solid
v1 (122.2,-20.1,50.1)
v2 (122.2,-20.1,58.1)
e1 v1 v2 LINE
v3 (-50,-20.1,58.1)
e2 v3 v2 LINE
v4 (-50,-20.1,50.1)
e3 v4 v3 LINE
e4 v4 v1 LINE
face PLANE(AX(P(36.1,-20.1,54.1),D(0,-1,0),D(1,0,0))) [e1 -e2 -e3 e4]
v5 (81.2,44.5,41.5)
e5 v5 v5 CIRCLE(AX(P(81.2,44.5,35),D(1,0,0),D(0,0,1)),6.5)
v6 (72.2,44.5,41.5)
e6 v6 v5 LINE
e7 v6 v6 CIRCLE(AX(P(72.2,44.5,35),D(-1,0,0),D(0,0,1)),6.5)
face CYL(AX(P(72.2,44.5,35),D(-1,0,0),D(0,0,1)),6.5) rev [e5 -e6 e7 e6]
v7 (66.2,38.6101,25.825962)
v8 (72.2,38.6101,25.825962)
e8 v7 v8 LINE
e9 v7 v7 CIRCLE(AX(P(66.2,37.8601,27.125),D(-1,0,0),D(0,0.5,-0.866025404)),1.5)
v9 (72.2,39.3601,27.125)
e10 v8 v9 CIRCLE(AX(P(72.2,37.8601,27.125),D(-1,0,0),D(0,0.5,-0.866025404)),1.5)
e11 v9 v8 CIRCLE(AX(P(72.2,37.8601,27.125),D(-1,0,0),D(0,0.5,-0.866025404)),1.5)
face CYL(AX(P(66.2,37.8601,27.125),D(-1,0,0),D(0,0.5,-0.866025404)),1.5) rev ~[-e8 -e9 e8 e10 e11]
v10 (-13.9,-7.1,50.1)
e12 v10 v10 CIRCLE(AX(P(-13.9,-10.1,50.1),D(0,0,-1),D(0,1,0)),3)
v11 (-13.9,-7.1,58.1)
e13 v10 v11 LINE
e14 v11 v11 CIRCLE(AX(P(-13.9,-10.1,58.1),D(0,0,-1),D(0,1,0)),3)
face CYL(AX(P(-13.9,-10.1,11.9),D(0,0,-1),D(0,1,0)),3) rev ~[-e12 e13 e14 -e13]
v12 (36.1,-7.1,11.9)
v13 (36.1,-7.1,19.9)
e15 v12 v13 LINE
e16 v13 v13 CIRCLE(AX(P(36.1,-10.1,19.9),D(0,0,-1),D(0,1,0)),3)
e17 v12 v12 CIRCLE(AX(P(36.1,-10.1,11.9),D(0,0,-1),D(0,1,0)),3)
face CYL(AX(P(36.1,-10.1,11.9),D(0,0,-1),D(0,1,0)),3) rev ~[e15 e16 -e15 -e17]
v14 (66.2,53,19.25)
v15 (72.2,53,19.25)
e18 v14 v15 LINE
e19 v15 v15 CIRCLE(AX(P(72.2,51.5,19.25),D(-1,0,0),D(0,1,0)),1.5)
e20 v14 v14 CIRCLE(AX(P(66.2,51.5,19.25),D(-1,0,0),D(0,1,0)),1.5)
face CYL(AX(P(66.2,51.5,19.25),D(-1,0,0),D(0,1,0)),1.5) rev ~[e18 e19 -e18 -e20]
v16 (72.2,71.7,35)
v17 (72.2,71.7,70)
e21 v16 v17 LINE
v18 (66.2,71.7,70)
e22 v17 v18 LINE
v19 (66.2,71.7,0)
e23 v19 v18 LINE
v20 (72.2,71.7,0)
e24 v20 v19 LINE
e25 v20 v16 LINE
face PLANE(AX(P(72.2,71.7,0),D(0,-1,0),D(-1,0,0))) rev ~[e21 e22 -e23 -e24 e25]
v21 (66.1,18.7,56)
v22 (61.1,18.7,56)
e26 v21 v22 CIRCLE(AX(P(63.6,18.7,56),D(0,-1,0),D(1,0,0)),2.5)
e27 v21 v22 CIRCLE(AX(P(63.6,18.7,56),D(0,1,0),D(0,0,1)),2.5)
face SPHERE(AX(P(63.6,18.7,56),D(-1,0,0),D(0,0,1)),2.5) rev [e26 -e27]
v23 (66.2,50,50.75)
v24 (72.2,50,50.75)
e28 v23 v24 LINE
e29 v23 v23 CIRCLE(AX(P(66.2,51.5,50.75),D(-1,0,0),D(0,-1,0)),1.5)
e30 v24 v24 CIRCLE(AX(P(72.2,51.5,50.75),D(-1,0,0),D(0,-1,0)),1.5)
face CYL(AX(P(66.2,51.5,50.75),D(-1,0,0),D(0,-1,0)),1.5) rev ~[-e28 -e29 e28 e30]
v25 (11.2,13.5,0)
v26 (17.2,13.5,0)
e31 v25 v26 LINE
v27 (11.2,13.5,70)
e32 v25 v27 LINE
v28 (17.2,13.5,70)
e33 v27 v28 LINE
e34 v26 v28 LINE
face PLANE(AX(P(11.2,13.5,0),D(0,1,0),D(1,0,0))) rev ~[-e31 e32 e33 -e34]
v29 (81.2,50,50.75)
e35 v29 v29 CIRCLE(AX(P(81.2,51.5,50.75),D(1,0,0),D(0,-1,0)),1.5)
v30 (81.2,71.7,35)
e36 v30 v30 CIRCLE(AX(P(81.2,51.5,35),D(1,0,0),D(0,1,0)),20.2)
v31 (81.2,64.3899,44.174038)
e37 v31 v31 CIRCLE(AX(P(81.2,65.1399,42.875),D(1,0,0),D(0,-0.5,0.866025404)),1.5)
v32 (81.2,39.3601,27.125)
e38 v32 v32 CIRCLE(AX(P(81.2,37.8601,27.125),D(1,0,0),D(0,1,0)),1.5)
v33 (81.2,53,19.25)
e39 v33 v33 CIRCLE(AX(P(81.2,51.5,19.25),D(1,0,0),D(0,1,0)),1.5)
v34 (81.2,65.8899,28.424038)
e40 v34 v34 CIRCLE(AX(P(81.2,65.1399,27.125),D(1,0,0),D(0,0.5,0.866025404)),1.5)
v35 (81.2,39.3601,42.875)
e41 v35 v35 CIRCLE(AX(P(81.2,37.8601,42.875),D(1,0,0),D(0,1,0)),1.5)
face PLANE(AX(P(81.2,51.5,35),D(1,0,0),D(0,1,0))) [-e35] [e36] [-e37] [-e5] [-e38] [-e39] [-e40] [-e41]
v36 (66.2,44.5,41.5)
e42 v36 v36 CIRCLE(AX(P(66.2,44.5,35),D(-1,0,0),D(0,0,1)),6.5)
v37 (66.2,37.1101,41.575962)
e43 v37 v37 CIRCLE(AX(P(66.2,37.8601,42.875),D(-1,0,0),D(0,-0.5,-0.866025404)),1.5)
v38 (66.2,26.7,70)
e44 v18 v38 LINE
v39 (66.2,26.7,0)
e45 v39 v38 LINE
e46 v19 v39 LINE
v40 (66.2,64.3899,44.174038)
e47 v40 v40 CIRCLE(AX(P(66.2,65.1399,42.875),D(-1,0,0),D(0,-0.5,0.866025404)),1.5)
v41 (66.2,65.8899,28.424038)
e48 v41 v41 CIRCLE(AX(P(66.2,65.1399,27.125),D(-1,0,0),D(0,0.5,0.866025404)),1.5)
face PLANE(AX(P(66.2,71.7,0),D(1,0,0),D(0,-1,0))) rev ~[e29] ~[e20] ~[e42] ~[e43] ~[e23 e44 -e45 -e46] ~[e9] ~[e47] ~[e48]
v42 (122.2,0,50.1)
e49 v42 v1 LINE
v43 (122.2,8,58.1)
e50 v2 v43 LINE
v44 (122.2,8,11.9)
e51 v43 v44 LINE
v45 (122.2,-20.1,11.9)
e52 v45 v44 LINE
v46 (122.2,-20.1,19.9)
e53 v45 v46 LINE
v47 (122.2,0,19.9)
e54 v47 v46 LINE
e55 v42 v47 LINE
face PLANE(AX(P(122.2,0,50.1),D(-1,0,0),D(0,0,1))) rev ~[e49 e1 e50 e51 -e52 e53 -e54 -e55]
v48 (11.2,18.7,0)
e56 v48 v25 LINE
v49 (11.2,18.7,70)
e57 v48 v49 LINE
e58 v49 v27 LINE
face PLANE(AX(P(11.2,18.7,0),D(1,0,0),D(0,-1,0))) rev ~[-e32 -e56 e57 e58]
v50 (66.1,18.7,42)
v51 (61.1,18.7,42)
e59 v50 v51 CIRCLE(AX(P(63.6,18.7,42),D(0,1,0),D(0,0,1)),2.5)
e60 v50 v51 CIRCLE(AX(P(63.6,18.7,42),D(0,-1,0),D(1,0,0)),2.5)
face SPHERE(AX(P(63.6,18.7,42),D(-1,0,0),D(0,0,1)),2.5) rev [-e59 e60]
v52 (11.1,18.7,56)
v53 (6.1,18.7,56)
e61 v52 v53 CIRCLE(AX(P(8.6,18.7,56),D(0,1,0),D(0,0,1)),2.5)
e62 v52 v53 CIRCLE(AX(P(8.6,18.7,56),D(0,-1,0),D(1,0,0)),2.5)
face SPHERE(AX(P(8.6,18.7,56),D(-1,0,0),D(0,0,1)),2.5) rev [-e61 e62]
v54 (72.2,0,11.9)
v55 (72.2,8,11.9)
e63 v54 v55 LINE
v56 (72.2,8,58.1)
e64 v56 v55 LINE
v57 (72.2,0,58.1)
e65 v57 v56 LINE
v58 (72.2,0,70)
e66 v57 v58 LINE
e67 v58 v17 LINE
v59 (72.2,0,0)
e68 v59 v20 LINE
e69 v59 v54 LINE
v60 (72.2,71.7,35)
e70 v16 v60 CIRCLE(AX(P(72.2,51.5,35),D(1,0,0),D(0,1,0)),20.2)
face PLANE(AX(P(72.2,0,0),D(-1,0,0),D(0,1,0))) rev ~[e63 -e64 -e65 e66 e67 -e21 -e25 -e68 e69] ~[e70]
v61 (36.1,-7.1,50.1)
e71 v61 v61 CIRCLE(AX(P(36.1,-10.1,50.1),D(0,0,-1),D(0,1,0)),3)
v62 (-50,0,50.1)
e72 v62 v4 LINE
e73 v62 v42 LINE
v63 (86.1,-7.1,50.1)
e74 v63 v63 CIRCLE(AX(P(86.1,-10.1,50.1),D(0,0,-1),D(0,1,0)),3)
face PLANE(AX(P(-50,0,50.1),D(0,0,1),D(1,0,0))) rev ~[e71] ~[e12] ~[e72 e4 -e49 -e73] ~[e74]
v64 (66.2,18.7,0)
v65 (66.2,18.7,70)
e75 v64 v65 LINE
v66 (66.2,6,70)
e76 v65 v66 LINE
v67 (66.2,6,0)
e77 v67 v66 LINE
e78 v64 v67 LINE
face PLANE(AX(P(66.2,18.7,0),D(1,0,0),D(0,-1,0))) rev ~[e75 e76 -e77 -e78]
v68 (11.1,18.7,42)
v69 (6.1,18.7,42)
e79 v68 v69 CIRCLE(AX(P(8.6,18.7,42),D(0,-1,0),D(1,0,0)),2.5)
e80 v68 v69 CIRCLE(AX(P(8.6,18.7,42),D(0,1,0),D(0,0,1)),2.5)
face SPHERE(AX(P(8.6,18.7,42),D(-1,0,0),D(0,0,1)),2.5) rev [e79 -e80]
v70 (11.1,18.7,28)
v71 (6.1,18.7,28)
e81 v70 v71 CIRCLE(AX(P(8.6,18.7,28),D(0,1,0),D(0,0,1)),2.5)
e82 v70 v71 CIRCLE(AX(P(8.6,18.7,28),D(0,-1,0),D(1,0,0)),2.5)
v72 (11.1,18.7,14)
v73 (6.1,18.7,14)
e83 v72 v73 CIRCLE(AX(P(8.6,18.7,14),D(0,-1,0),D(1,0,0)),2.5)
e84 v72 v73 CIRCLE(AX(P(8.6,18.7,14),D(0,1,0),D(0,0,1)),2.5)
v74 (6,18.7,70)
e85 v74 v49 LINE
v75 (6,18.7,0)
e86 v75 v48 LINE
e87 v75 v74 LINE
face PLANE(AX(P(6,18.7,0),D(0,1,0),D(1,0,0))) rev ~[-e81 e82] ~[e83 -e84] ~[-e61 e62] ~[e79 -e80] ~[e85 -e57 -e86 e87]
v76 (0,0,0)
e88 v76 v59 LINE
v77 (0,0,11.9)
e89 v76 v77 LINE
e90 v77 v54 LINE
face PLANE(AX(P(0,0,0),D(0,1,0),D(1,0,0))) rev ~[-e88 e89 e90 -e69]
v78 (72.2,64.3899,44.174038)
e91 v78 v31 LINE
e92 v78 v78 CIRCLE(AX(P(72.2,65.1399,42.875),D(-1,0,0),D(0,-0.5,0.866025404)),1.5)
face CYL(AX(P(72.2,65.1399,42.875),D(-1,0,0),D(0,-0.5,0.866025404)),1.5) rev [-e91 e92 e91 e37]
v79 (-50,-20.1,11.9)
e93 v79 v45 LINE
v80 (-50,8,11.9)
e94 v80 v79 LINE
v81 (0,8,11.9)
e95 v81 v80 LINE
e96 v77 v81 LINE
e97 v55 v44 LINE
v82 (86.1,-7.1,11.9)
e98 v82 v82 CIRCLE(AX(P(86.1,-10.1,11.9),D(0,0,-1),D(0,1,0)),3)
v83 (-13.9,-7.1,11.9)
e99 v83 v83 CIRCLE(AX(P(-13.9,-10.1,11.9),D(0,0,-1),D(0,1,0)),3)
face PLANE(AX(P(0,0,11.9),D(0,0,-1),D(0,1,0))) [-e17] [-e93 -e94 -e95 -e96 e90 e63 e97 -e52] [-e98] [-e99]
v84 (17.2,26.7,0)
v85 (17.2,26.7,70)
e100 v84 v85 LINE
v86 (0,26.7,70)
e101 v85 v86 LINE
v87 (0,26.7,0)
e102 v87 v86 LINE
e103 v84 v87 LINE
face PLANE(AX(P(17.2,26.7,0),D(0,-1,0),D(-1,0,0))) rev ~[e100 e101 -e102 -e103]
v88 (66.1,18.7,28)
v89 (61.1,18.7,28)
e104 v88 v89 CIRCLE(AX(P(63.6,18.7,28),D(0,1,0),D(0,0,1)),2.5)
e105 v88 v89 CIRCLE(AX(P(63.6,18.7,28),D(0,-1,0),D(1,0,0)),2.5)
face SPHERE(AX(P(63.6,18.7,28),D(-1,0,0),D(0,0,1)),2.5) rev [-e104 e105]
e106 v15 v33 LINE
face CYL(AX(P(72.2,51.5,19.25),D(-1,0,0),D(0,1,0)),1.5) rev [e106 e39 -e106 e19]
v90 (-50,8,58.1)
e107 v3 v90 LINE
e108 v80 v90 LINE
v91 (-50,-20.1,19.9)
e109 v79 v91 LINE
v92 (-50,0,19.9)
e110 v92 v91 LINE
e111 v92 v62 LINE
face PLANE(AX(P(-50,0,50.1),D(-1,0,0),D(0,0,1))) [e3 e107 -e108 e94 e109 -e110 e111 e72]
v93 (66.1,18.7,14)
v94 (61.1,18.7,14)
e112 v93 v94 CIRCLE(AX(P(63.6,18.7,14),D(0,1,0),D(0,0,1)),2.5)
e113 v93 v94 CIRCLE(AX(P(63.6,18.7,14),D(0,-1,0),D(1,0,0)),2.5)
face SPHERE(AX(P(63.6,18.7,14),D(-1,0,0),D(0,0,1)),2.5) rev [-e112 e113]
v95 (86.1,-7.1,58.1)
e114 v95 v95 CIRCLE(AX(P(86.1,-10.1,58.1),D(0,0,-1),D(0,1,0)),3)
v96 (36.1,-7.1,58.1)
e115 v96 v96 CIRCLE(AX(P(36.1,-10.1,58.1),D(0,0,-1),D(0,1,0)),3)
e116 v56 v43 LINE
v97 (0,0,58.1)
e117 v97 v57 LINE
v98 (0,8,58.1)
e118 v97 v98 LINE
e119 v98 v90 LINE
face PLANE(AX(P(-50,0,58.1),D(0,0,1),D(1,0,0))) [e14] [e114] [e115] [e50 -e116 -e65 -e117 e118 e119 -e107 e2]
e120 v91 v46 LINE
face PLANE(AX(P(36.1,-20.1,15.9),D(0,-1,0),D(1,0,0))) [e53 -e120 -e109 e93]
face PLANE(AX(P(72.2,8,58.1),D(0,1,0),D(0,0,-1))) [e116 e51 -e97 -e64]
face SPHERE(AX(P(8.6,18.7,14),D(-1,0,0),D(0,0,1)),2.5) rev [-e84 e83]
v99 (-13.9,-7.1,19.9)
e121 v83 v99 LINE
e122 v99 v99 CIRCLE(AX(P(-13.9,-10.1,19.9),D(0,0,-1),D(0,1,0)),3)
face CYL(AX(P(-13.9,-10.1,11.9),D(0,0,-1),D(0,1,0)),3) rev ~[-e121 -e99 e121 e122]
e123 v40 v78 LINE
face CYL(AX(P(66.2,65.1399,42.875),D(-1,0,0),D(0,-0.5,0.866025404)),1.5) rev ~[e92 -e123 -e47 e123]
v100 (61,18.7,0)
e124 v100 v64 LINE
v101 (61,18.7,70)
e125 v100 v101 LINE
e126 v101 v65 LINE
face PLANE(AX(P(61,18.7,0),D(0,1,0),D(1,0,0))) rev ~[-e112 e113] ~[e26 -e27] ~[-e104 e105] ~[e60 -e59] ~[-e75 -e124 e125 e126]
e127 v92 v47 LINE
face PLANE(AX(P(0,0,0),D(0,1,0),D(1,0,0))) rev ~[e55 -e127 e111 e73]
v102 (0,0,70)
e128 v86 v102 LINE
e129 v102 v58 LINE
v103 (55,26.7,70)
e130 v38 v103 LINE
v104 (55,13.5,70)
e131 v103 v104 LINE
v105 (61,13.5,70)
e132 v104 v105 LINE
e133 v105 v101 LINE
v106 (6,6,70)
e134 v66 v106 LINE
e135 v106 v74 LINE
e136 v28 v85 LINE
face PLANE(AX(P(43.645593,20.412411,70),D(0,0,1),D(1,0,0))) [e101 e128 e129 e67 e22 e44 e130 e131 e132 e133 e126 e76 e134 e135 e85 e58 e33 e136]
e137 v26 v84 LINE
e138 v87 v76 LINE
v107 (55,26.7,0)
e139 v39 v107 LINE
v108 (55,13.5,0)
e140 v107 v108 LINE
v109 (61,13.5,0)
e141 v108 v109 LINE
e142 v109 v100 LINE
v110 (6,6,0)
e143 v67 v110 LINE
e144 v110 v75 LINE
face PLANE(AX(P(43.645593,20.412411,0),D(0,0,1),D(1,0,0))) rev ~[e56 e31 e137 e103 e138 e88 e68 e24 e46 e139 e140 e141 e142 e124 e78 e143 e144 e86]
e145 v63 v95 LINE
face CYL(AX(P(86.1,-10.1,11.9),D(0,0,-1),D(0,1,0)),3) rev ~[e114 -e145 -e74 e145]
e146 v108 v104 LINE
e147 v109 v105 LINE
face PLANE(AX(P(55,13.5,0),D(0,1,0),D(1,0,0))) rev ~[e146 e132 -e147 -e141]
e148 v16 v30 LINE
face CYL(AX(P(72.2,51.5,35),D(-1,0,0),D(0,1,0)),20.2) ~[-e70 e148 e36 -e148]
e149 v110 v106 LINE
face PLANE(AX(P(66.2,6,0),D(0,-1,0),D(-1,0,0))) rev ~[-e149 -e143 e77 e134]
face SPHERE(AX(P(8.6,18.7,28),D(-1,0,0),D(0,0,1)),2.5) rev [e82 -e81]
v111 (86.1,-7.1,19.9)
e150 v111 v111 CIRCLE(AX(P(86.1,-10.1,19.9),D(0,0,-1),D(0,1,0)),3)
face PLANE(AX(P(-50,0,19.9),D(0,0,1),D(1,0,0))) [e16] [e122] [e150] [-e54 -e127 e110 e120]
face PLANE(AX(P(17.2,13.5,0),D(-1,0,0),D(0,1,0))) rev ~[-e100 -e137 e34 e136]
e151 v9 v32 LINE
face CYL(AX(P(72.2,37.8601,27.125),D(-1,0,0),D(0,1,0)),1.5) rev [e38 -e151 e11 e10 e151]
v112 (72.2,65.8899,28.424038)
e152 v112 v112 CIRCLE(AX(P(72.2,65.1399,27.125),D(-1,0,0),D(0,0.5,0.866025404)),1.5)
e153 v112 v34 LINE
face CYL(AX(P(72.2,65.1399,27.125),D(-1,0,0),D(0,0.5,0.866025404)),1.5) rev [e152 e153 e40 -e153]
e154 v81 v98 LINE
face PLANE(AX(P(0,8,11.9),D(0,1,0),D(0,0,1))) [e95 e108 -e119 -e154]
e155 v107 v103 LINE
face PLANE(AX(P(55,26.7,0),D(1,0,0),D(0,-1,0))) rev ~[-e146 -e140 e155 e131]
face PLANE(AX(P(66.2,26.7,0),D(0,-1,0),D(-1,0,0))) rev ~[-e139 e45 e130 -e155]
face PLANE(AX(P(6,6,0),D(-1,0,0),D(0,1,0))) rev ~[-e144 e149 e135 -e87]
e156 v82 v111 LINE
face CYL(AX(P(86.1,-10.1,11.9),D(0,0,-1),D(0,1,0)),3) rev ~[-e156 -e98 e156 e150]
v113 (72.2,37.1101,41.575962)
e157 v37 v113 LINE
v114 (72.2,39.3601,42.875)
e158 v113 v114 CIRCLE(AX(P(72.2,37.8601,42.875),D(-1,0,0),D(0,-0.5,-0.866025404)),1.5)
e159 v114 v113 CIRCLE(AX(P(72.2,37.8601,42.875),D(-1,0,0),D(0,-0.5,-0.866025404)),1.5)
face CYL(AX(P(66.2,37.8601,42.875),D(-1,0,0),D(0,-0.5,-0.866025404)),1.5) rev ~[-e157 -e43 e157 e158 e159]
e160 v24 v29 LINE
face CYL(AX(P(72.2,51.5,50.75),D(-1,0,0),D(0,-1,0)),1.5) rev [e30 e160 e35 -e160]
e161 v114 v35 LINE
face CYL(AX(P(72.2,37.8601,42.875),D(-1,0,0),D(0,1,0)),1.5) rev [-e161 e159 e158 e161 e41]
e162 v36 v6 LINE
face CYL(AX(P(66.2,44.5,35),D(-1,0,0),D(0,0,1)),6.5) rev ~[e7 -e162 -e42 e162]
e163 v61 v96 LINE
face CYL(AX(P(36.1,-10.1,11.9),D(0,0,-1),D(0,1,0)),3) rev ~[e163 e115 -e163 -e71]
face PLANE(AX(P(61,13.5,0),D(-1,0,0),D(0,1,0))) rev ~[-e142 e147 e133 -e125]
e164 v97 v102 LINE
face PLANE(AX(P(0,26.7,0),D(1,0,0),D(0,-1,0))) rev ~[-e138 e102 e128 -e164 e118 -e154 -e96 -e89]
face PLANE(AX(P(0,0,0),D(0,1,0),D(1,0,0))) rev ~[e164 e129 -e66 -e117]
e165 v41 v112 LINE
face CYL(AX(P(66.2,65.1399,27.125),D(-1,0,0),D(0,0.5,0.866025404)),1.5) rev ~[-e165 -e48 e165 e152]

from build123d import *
from build123d.topology import SkipClean

# Parameters (mm, degrees)
BOSS_EXTRUDE1_DEPTH  = 70
SKETCH2_R            = 1.5
CUT_EXTRUDE1_DEPTH   = 6
LPATTERN1_COUNT      = 4
LPATTERN1_PITCH      = 14
LPATTERN1_COUNT_DIR2 = 2
LPATTERN1_PITCH_DIR2 = 55
SKETCH4_W            = 46.2
SKETCH4_H            = 8
BOSS_EXTRUDE2_DEPTH  = 50
SKETCH5_W            = 46.2
SKETCH5_H            = 8
BOSS_EXTRUDE3_DEPTH  = 50
SKETCH6_W            = 172.2
SKETCH6_H            = 8
BOSS_EXTRUDE4_DEPTH  = 20.1
CIRPATTERN2_COUNT    = 6
SKETCH10_R           = 6.5
CUT_EXTRUDE4_DEPTH   = 10
SKETCH11_R           = 20.2
SKETCH11_R_2         = 1.5
SKETCH11_R_3         = 6.5
BOSS_EXTRUDE6_DEPTH  = 9
SKETCH12_R           = 3
CUT_EXTRUDE5_DEPTH   = 154.13177332


with BuildPart() as part:
    # Sketch1 → Boss-Extrude1 (new body)
    with BuildSketch(Plane.XY):
        Polygon((0, 26.7), (0, 0), (72.2, 0), (72.2, 71.7), (66.2, 71.7), (66.2, 26.7), (55, 26.7), (55, 13.5), (61, 13.5), (61, 18.7), (66.2, 18.7), (66.2, 6), (6, 6), (6, 18.7), (11.2, 18.7), (11.2, 13.5), (17.2, 13.5), (17.2, 26.7), align=None)
    extrude(amount=BOSS_EXTRUDE1_DEPTH)

    # Sketch2 → Cut-Extrude1 (cut)
    with BuildSketch(Plane.ZY.offset(-66.2)):
        with Locations((50.75, 51.5)):
            Circle(SKETCH2_R)
    cut_extrude1 = extrude(amount=-CUT_EXTRUDE1_DEPTH, mode=Mode.SUBTRACT)

    # Sketch3 → Cut-Revolve1 (revolve, cut)
    with BuildSketch(Plane.XZ.offset(-18.7)):
        with BuildLine():
            Line((61.1, 56), (66.1, 56))
            ThreePointArc((66.1, 56), (63.6, 58.5), (61.1, 56))
        make_face()
    cut_revolve1 = revolve(axis=Axis((61.1, 18.7, 56), (1, 0, 0)), mode=Mode.SUBTRACT)

    # LPattern1: Cut-Revolve1 4 × 2
    with Locations(*[(-j * LPATTERN1_PITCH_DIR2, 0, -i * LPATTERN1_PITCH) for i in range(LPATTERN1_COUNT) for j in range(LPATTERN1_COUNT_DIR2) if (i, j) != (0, 0)]):
        add(cut_revolve1, mode=Mode.SUBTRACT)

    # Sketch4 → Boss-Extrude2 (add)
    with BuildSketch(Plane(origin=(72.2, 0, 0), x_dir=(0, 0, -1), z_dir=(1, 0, 0))):
        with Locations((-35, 4)):
            Rectangle(SKETCH4_W, SKETCH4_H)
    extrude(amount=BOSS_EXTRUDE2_DEPTH)

    # Sketch5 → Boss-Extrude3 (add)
    with BuildSketch(Plane.ZY):
        with Locations((35, 4)):
            Rectangle(SKETCH5_W, SKETCH5_H)
    extrude(amount=BOSS_EXTRUDE3_DEPTH)

    # Sketch6 → Boss-Extrude4 (add)
    with BuildSketch(Plane.XZ):
        with Locations((36.1, 54.1)):
            Rectangle(SKETCH6_W, SKETCH6_H)
        with Locations((36.1, 15.9)):
            Rectangle(SKETCH6_W, SKETCH6_H)
    extrude(amount=BOSS_EXTRUDE4_DEPTH)

    # CirPattern2: Cut-Extrude1 ×6 about axis
    cirpattern2_axis = Axis((66.2, 51.5, 35), (-1, 0, 0))
    for i in range(1, CIRPATTERN2_COUNT):
        add(cut_extrude1.rotate(cirpattern2_axis, i * 360 / CIRPATTERN2_COUNT), mode=Mode.SUBTRACT)

    # Sketch10 → Cut-Extrude4 (cut)
    with BuildSketch(Plane.ZY.offset(-66.2)):
        with Locations((35, 44.5)):
            Circle(SKETCH10_R)
    extrude(amount=-CUT_EXTRUDE4_DEPTH, mode=Mode.SUBTRACT)

    # Sketch11 → Boss-Extrude6 (add)
    with SkipClean():  # the faces are left unmerged after this step: merging them gives an invalid solid
        with BuildSketch(Plane(origin=(72.2, 0, 0), x_dir=(0, 0, -1), z_dir=(1, 0, 0))):
            with Locations((-35, 51.5)):
                Circle(SKETCH11_R)
            with Locations((-42.875, 65.13990011)):
                Circle(SKETCH11_R_2, mode=Mode.SUBTRACT)
            with Locations((-27.125, 65.13990011)):
                Circle(SKETCH11_R_2, mode=Mode.SUBTRACT)
            with Locations((-19.25, 51.5)):
                Circle(SKETCH11_R_2, mode=Mode.SUBTRACT)
            with Locations((-27.125, 37.86009989)):
                Circle(SKETCH11_R_2, mode=Mode.SUBTRACT)
            with Locations((-35, 44.5)):
                Circle(SKETCH11_R_3, mode=Mode.SUBTRACT)
            with Locations((-42.875, 37.86009989)):
                Circle(SKETCH11_R_2, mode=Mode.SUBTRACT)
            with Locations((-50.75, 51.5)):
                Circle(SKETCH11_R_2, mode=Mode.SUBTRACT)
        extrude(amount=BOSS_EXTRUDE6_DEPTH)
    add(part.part.scale(1), mode=Mode.REPLACE)  # the faces are merged on a copy

    # Sketch12 → Cut-Extrude5 (cut, through all)
    with BuildSketch(Plane(origin=(0, 0, 11.9), x_dir=(-1, 0, 0), z_dir=(0, 0, -1))):
        with Locations((-36.1, -10.1)):
            Circle(SKETCH12_R)
        with Locations((-86.1, -10.1)):
            Circle(SKETCH12_R)
        with Locations((13.9, -10.1)):
            Circle(SKETCH12_R)
    extrude(amount=-CUT_EXTRUDE5_DEPTH, mode=Mode.SUBTRACT)


solid = part.part
